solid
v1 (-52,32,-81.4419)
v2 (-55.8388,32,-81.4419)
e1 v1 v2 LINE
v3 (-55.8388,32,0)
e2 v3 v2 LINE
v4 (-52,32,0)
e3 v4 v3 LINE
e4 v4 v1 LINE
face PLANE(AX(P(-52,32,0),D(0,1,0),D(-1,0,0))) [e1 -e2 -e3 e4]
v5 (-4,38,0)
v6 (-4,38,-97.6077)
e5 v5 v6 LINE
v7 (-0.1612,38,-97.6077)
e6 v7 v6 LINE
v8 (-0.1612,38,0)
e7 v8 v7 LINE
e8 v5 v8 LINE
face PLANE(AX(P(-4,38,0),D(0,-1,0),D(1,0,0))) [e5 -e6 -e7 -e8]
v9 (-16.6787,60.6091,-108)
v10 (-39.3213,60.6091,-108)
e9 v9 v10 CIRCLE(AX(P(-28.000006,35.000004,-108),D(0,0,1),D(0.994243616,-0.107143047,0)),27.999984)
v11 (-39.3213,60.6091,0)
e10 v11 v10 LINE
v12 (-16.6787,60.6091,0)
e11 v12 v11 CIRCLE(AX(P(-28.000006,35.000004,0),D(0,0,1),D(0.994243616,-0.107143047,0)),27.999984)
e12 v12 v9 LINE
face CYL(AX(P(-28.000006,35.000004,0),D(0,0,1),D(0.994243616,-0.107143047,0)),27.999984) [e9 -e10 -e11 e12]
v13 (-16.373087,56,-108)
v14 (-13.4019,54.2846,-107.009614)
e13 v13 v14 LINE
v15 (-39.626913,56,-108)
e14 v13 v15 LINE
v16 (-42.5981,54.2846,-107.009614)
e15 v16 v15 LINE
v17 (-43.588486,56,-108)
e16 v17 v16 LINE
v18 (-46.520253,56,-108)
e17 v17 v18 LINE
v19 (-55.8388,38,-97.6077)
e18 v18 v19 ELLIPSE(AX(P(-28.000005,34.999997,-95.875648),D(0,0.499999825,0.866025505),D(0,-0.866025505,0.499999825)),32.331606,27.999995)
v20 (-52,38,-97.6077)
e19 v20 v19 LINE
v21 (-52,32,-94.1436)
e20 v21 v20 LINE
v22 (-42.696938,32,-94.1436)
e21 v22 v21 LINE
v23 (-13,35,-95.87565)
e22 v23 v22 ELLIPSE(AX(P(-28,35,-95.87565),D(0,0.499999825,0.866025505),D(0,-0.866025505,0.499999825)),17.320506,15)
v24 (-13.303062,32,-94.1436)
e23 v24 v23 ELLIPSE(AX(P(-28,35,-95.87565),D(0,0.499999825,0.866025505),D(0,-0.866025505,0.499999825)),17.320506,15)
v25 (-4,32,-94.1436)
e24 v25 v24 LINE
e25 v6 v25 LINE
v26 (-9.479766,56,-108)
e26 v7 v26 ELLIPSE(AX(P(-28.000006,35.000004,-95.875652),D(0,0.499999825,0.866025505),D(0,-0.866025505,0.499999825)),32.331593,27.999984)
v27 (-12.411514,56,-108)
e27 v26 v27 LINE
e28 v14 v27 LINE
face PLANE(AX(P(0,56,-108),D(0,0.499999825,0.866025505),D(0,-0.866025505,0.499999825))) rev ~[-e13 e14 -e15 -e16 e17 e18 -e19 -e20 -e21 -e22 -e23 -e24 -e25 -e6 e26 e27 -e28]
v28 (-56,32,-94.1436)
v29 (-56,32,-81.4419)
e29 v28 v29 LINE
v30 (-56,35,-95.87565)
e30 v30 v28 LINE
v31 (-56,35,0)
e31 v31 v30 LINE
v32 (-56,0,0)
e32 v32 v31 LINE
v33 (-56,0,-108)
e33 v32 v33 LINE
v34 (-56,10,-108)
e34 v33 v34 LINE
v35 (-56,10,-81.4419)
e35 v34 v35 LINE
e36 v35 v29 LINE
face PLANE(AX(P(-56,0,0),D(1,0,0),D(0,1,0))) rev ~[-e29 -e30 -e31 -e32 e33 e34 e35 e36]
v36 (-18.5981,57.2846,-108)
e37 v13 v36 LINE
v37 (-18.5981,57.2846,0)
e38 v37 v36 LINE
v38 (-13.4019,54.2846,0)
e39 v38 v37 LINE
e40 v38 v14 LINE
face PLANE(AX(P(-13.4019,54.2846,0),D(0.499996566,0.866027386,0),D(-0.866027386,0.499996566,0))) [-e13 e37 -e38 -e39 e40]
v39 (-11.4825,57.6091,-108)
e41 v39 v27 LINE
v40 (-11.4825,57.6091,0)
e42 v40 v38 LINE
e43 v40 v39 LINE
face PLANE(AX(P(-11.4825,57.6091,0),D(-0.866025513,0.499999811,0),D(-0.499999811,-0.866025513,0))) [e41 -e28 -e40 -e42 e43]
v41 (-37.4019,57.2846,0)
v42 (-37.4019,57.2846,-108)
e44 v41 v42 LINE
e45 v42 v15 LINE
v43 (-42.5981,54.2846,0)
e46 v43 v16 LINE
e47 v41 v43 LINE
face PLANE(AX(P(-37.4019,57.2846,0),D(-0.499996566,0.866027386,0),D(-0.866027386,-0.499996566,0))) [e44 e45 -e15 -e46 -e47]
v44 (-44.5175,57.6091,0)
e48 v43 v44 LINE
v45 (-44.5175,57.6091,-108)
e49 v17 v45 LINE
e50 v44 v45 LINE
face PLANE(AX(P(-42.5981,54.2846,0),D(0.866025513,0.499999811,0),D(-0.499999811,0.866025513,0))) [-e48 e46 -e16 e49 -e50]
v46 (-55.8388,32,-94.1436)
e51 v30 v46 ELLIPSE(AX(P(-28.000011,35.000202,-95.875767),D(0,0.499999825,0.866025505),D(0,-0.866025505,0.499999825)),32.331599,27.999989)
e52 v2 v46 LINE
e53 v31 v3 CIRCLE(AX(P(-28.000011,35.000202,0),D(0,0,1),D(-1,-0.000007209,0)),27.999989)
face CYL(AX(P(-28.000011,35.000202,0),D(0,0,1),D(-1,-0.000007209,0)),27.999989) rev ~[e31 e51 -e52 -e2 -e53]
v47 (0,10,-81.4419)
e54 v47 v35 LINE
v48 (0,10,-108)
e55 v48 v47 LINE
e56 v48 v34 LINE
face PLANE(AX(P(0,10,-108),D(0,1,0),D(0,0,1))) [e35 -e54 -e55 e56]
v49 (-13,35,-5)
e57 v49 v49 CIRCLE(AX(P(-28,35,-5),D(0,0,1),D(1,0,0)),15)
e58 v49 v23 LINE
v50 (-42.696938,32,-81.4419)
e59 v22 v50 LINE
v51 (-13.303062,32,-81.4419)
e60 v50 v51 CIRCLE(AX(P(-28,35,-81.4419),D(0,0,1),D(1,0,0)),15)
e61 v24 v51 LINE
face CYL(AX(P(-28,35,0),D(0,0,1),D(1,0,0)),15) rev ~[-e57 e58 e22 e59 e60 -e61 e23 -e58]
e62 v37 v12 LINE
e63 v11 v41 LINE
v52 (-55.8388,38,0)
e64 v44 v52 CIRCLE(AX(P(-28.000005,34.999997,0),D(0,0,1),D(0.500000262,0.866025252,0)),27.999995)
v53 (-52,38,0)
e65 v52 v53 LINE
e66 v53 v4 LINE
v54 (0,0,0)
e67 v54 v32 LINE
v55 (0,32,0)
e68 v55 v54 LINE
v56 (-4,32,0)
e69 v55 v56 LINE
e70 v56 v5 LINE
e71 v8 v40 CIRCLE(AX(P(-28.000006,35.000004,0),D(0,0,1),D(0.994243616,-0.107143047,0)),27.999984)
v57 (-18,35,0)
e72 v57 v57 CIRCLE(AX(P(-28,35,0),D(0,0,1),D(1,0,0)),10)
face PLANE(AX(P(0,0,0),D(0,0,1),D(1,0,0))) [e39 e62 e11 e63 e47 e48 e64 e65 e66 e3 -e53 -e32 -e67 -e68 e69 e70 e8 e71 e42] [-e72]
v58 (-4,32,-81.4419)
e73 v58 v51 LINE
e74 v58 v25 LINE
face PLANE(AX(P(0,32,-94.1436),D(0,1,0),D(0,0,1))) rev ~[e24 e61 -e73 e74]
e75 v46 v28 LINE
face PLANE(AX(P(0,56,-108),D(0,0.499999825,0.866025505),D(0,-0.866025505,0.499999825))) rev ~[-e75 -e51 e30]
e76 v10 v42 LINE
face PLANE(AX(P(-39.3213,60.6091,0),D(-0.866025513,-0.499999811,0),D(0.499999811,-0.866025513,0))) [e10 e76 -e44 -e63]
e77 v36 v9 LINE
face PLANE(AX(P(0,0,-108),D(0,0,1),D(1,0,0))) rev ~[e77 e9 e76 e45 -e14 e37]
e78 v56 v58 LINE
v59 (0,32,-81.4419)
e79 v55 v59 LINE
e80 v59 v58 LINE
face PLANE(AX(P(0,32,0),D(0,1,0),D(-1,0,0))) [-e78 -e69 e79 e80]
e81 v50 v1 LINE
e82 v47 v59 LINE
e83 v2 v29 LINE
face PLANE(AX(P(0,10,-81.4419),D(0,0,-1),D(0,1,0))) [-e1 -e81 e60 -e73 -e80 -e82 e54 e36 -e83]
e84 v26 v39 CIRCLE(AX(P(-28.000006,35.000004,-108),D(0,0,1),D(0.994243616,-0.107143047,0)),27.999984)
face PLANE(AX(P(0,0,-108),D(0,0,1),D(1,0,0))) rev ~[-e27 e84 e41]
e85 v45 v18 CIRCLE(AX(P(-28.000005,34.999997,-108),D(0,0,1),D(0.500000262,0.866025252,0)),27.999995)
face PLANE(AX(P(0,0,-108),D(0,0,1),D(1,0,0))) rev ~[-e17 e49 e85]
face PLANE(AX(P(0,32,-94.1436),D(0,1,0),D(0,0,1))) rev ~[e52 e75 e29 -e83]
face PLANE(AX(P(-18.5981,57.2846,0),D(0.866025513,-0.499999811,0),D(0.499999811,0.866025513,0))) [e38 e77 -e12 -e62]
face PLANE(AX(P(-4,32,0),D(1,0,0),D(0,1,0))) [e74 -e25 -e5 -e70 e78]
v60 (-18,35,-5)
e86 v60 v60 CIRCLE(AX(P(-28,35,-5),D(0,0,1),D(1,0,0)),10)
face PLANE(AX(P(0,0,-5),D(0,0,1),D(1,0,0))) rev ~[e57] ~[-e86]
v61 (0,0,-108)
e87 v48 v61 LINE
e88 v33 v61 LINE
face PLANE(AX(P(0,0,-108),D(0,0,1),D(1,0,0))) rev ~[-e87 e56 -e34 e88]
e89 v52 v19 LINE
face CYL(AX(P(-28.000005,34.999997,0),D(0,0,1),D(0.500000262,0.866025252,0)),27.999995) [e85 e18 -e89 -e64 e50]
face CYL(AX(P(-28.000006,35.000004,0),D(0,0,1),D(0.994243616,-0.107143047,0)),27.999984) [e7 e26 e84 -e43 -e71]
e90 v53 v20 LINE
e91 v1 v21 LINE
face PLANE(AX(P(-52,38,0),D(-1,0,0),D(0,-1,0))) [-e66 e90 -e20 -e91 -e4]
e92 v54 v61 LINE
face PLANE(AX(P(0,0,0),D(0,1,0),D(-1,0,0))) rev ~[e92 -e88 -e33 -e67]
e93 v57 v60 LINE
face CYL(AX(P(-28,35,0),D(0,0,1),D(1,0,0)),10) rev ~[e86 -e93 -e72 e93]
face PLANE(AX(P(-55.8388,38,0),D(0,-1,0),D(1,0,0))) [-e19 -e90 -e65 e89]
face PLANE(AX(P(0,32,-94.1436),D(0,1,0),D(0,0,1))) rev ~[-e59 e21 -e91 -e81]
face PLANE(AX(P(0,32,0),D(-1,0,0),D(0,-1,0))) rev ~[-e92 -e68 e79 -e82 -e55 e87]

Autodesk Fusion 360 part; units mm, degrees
sketch "Sketch1" plane through (0, 0, 0) normal (0, 0, 1) x (1, 0, 0)
  line L0 (0, 0) -> (-56, 0)
  line L1 (-56, 0) -> (-56, 35)
  line L2 (0, 35) -> (0, 0)
  line L3 (-56, 0) -> (-28, 0)
  circle A0 centre (-28, 35) radius 10
  line L4 (-28, 0) -> (-4, 0)
  line L5 (-28, 35) -> (0, 35) construction
  line L6 (-28, 35) -> (-28, 0) construction
  line L7 (-4, 0) -> (-4, 35) construction
  line L8 (0, 35) -> (0, 32)
  line L9 (0, 32) -> (-4, 32)
  line L10 (-4, 32) -> (-4, 38)
  line L11 (-4, 38) -> (-0.1612, 38)
  line L12 (0, 35) -> (0, 32)
  line L13 (-28, 35) -> (-14, 59.2487) construction
  line L14 (-28, 35) -> (-42, 59.2487) construction
  line L15 (-28, 35) -> (-56, 35) construction
  line L16 (-18.5981, 57.2846) -> (-16.6787, 60.6091)
  line L17 (-11.4825, 57.6091) -> (-13.4019, 54.2846)
  line L18 (-13.4019, 54.2846) -> (-18.5981, 57.2846)
  line L19 (-42.5981, 54.2846) -> (-44.5175, 57.6091)
  line L20 (-39.3213, 60.6091) -> (-37.4019, 57.2846)
  line L21 (-37.4019, 57.2846) -> (-42.5981, 54.2846)
  line L22 (-52, 32) -> (-55.8388, 32)
  line L23 (-55.8388, 38) -> (-52, 38)
  line L24 (-52, 38) -> (-52, 32)
  line L25 (-44.5981, 12.2513) -> (-44.5175, 12.3909)
  arc A1 (-0.1612, 32) -> (-42, 59.2487) centre (-28, 35) ccw
  line L26 (-16.5981, 9.2513) -> (-16.6787, 9.3909)
  arc A2 (0, 35) -> (-11.4825, 57.6091) centre (-28, 35) ccw
  arc A3 (-14, 59.2487) -> (-56, 35) centre (-28, 35) ccw
  arc A4 (-56, 35) -> (-55.8388, 32) centre (-28, 35) ccw
  arc A5 (-42, 59.2487) -> (-55.8388, 32) centre (-28, 35) ccw
  arc A6 (-14, 59.2487) -> (-55.8388, 32) centre (-28, 35) ccw
  arc A7 (-0.1612, 32) -> (0, 35) centre (-28, 35) ccw
  arc A8 (-0.1612, 32) -> (-14, 59.2487) centre (-28, 35) ccw
  circle A9 centre (-28, 35) radius 15
  dimension "d1" = 56
  dimension "d2" = 35
  dimension "d3" = 20
  dimension "d4" = 24
  dimension "d5" = 3
  dimension "d7" = 60
  dimension "d8" = 60
  dimension "d13" = 30
extrude "Extrude1" add sketch "Sketch1" against normal blind 108 contours L0 L1 L2 L3 L4 L9 L10 L11 L16 L17 L18 L19 L20 L21 L22 L23 L24 A1 A2 A3 A4 A5 A6 A8
sketch "Sketch2" plane through (0, 0, 0) normal (1, 0, 0) x (0, 0, -1)
  line L0 (0, 32) -> (0, 0)
  line L1 (0, 0) -> (108, 0)
  line L2 (108, 0) -> (108, 32)
  line L3 (108, 32) -> (0, 32)
  line L4 (108, 0) -> (108, 56)
  line L5 (108, 56) -> (81.4419, 10)
  line L6 (108, 0) -> (108, 10)
  line L7 (108, 10) -> (81.4419, 10)
  dimension "d16" = 56
  dimension "d17" = 30
  dimension "d18" = 10
extrude "Extrude2" cut sketch "Sketch2" against normal blind 130 contours L3 L4 L5 | L2 L3 L4 L5 L7
sketch "Sketch3" plane through (0, 0, 0) normal (1, 0, 0) x (0, 0, -1)
  line L0 (81.4419, 10) -> (94.1436, 32)
  line L1 (94.1436, 32) -> (0, 32)
  line L2 (0, 32) -> (0, 0)
  line L3 (0, 0) -> (108, 0)
  line L4 (108, 0) -> (108, 10)
  line L5 (108, 10) -> (81.4419, 10)
  line L6 (81.4419, 10) -> (81.4419, 32)
  line L7 (81.4419, 32) -> (94.1436, 32)
  line L8 (94.1436, 32) -> (81.4419, 10)
extrude "Extrude3" cut sketch "Sketch3" against normal blind 140 contours L0 L1 L6 L7 L8
sketch "Sketch4" plane through (0, 0, 0) normal (0, 0, 1) x (1, 0, 0)
  circle A0 centre (-28, 35) radius 15
  line L0 (-56, 0) -> (0, 0)
  line L1 (0, 0) -> (0, 32)
  line L2 (0, 32) -> (-4, 32)
  line L3 (-4, 32) -> (-4, 38)
  line L4 (-4, 38) -> (-0.1612, 38)
  arc A1 (-0.1612, 38) -> (-11.4825, 57.6091) centre (-28, 35) ccw
  line L5 (-11.4825, 57.6091) -> (-13.4019, 54.2846)
  line L6 (-13.4019, 54.2846) -> (-18.5981, 57.2846)
  line L7 (-18.5981, 57.2846) -> (-16.6787, 60.6091)
  arc A2 (-16.6787, 60.6091) -> (-39.3213, 60.6091) centre (-28, 35) ccw
  line L8 (-39.3213, 60.6091) -> (-37.4019, 57.2846)
  line L9 (-37.4019, 57.2846) -> (-42.5981, 54.2846)
  line L10 (-42.5981, 54.2846) -> (-44.5175, 57.6091)
  arc A3 (-44.5175, 57.6091) -> (-55.8388, 38) centre (-28, 35) ccw
  line L11 (-55.8388, 38) -> (-52, 38)
  line L12 (-52, 38) -> (-52, 32)
  line L13 (-52, 32) -> (-55.8388, 32)
  arc A4 (-56, 35) -> (-55.8388, 32) centre (-28, 35) ccw
  line L14 (-56, 35) -> (-56, 0)
  circle A5 centre (-28, 35) radius 10
  dimension "d23" = 20
extrude "Extrude4" add sketch "Sketch4" against normal blind 5 contours A0
